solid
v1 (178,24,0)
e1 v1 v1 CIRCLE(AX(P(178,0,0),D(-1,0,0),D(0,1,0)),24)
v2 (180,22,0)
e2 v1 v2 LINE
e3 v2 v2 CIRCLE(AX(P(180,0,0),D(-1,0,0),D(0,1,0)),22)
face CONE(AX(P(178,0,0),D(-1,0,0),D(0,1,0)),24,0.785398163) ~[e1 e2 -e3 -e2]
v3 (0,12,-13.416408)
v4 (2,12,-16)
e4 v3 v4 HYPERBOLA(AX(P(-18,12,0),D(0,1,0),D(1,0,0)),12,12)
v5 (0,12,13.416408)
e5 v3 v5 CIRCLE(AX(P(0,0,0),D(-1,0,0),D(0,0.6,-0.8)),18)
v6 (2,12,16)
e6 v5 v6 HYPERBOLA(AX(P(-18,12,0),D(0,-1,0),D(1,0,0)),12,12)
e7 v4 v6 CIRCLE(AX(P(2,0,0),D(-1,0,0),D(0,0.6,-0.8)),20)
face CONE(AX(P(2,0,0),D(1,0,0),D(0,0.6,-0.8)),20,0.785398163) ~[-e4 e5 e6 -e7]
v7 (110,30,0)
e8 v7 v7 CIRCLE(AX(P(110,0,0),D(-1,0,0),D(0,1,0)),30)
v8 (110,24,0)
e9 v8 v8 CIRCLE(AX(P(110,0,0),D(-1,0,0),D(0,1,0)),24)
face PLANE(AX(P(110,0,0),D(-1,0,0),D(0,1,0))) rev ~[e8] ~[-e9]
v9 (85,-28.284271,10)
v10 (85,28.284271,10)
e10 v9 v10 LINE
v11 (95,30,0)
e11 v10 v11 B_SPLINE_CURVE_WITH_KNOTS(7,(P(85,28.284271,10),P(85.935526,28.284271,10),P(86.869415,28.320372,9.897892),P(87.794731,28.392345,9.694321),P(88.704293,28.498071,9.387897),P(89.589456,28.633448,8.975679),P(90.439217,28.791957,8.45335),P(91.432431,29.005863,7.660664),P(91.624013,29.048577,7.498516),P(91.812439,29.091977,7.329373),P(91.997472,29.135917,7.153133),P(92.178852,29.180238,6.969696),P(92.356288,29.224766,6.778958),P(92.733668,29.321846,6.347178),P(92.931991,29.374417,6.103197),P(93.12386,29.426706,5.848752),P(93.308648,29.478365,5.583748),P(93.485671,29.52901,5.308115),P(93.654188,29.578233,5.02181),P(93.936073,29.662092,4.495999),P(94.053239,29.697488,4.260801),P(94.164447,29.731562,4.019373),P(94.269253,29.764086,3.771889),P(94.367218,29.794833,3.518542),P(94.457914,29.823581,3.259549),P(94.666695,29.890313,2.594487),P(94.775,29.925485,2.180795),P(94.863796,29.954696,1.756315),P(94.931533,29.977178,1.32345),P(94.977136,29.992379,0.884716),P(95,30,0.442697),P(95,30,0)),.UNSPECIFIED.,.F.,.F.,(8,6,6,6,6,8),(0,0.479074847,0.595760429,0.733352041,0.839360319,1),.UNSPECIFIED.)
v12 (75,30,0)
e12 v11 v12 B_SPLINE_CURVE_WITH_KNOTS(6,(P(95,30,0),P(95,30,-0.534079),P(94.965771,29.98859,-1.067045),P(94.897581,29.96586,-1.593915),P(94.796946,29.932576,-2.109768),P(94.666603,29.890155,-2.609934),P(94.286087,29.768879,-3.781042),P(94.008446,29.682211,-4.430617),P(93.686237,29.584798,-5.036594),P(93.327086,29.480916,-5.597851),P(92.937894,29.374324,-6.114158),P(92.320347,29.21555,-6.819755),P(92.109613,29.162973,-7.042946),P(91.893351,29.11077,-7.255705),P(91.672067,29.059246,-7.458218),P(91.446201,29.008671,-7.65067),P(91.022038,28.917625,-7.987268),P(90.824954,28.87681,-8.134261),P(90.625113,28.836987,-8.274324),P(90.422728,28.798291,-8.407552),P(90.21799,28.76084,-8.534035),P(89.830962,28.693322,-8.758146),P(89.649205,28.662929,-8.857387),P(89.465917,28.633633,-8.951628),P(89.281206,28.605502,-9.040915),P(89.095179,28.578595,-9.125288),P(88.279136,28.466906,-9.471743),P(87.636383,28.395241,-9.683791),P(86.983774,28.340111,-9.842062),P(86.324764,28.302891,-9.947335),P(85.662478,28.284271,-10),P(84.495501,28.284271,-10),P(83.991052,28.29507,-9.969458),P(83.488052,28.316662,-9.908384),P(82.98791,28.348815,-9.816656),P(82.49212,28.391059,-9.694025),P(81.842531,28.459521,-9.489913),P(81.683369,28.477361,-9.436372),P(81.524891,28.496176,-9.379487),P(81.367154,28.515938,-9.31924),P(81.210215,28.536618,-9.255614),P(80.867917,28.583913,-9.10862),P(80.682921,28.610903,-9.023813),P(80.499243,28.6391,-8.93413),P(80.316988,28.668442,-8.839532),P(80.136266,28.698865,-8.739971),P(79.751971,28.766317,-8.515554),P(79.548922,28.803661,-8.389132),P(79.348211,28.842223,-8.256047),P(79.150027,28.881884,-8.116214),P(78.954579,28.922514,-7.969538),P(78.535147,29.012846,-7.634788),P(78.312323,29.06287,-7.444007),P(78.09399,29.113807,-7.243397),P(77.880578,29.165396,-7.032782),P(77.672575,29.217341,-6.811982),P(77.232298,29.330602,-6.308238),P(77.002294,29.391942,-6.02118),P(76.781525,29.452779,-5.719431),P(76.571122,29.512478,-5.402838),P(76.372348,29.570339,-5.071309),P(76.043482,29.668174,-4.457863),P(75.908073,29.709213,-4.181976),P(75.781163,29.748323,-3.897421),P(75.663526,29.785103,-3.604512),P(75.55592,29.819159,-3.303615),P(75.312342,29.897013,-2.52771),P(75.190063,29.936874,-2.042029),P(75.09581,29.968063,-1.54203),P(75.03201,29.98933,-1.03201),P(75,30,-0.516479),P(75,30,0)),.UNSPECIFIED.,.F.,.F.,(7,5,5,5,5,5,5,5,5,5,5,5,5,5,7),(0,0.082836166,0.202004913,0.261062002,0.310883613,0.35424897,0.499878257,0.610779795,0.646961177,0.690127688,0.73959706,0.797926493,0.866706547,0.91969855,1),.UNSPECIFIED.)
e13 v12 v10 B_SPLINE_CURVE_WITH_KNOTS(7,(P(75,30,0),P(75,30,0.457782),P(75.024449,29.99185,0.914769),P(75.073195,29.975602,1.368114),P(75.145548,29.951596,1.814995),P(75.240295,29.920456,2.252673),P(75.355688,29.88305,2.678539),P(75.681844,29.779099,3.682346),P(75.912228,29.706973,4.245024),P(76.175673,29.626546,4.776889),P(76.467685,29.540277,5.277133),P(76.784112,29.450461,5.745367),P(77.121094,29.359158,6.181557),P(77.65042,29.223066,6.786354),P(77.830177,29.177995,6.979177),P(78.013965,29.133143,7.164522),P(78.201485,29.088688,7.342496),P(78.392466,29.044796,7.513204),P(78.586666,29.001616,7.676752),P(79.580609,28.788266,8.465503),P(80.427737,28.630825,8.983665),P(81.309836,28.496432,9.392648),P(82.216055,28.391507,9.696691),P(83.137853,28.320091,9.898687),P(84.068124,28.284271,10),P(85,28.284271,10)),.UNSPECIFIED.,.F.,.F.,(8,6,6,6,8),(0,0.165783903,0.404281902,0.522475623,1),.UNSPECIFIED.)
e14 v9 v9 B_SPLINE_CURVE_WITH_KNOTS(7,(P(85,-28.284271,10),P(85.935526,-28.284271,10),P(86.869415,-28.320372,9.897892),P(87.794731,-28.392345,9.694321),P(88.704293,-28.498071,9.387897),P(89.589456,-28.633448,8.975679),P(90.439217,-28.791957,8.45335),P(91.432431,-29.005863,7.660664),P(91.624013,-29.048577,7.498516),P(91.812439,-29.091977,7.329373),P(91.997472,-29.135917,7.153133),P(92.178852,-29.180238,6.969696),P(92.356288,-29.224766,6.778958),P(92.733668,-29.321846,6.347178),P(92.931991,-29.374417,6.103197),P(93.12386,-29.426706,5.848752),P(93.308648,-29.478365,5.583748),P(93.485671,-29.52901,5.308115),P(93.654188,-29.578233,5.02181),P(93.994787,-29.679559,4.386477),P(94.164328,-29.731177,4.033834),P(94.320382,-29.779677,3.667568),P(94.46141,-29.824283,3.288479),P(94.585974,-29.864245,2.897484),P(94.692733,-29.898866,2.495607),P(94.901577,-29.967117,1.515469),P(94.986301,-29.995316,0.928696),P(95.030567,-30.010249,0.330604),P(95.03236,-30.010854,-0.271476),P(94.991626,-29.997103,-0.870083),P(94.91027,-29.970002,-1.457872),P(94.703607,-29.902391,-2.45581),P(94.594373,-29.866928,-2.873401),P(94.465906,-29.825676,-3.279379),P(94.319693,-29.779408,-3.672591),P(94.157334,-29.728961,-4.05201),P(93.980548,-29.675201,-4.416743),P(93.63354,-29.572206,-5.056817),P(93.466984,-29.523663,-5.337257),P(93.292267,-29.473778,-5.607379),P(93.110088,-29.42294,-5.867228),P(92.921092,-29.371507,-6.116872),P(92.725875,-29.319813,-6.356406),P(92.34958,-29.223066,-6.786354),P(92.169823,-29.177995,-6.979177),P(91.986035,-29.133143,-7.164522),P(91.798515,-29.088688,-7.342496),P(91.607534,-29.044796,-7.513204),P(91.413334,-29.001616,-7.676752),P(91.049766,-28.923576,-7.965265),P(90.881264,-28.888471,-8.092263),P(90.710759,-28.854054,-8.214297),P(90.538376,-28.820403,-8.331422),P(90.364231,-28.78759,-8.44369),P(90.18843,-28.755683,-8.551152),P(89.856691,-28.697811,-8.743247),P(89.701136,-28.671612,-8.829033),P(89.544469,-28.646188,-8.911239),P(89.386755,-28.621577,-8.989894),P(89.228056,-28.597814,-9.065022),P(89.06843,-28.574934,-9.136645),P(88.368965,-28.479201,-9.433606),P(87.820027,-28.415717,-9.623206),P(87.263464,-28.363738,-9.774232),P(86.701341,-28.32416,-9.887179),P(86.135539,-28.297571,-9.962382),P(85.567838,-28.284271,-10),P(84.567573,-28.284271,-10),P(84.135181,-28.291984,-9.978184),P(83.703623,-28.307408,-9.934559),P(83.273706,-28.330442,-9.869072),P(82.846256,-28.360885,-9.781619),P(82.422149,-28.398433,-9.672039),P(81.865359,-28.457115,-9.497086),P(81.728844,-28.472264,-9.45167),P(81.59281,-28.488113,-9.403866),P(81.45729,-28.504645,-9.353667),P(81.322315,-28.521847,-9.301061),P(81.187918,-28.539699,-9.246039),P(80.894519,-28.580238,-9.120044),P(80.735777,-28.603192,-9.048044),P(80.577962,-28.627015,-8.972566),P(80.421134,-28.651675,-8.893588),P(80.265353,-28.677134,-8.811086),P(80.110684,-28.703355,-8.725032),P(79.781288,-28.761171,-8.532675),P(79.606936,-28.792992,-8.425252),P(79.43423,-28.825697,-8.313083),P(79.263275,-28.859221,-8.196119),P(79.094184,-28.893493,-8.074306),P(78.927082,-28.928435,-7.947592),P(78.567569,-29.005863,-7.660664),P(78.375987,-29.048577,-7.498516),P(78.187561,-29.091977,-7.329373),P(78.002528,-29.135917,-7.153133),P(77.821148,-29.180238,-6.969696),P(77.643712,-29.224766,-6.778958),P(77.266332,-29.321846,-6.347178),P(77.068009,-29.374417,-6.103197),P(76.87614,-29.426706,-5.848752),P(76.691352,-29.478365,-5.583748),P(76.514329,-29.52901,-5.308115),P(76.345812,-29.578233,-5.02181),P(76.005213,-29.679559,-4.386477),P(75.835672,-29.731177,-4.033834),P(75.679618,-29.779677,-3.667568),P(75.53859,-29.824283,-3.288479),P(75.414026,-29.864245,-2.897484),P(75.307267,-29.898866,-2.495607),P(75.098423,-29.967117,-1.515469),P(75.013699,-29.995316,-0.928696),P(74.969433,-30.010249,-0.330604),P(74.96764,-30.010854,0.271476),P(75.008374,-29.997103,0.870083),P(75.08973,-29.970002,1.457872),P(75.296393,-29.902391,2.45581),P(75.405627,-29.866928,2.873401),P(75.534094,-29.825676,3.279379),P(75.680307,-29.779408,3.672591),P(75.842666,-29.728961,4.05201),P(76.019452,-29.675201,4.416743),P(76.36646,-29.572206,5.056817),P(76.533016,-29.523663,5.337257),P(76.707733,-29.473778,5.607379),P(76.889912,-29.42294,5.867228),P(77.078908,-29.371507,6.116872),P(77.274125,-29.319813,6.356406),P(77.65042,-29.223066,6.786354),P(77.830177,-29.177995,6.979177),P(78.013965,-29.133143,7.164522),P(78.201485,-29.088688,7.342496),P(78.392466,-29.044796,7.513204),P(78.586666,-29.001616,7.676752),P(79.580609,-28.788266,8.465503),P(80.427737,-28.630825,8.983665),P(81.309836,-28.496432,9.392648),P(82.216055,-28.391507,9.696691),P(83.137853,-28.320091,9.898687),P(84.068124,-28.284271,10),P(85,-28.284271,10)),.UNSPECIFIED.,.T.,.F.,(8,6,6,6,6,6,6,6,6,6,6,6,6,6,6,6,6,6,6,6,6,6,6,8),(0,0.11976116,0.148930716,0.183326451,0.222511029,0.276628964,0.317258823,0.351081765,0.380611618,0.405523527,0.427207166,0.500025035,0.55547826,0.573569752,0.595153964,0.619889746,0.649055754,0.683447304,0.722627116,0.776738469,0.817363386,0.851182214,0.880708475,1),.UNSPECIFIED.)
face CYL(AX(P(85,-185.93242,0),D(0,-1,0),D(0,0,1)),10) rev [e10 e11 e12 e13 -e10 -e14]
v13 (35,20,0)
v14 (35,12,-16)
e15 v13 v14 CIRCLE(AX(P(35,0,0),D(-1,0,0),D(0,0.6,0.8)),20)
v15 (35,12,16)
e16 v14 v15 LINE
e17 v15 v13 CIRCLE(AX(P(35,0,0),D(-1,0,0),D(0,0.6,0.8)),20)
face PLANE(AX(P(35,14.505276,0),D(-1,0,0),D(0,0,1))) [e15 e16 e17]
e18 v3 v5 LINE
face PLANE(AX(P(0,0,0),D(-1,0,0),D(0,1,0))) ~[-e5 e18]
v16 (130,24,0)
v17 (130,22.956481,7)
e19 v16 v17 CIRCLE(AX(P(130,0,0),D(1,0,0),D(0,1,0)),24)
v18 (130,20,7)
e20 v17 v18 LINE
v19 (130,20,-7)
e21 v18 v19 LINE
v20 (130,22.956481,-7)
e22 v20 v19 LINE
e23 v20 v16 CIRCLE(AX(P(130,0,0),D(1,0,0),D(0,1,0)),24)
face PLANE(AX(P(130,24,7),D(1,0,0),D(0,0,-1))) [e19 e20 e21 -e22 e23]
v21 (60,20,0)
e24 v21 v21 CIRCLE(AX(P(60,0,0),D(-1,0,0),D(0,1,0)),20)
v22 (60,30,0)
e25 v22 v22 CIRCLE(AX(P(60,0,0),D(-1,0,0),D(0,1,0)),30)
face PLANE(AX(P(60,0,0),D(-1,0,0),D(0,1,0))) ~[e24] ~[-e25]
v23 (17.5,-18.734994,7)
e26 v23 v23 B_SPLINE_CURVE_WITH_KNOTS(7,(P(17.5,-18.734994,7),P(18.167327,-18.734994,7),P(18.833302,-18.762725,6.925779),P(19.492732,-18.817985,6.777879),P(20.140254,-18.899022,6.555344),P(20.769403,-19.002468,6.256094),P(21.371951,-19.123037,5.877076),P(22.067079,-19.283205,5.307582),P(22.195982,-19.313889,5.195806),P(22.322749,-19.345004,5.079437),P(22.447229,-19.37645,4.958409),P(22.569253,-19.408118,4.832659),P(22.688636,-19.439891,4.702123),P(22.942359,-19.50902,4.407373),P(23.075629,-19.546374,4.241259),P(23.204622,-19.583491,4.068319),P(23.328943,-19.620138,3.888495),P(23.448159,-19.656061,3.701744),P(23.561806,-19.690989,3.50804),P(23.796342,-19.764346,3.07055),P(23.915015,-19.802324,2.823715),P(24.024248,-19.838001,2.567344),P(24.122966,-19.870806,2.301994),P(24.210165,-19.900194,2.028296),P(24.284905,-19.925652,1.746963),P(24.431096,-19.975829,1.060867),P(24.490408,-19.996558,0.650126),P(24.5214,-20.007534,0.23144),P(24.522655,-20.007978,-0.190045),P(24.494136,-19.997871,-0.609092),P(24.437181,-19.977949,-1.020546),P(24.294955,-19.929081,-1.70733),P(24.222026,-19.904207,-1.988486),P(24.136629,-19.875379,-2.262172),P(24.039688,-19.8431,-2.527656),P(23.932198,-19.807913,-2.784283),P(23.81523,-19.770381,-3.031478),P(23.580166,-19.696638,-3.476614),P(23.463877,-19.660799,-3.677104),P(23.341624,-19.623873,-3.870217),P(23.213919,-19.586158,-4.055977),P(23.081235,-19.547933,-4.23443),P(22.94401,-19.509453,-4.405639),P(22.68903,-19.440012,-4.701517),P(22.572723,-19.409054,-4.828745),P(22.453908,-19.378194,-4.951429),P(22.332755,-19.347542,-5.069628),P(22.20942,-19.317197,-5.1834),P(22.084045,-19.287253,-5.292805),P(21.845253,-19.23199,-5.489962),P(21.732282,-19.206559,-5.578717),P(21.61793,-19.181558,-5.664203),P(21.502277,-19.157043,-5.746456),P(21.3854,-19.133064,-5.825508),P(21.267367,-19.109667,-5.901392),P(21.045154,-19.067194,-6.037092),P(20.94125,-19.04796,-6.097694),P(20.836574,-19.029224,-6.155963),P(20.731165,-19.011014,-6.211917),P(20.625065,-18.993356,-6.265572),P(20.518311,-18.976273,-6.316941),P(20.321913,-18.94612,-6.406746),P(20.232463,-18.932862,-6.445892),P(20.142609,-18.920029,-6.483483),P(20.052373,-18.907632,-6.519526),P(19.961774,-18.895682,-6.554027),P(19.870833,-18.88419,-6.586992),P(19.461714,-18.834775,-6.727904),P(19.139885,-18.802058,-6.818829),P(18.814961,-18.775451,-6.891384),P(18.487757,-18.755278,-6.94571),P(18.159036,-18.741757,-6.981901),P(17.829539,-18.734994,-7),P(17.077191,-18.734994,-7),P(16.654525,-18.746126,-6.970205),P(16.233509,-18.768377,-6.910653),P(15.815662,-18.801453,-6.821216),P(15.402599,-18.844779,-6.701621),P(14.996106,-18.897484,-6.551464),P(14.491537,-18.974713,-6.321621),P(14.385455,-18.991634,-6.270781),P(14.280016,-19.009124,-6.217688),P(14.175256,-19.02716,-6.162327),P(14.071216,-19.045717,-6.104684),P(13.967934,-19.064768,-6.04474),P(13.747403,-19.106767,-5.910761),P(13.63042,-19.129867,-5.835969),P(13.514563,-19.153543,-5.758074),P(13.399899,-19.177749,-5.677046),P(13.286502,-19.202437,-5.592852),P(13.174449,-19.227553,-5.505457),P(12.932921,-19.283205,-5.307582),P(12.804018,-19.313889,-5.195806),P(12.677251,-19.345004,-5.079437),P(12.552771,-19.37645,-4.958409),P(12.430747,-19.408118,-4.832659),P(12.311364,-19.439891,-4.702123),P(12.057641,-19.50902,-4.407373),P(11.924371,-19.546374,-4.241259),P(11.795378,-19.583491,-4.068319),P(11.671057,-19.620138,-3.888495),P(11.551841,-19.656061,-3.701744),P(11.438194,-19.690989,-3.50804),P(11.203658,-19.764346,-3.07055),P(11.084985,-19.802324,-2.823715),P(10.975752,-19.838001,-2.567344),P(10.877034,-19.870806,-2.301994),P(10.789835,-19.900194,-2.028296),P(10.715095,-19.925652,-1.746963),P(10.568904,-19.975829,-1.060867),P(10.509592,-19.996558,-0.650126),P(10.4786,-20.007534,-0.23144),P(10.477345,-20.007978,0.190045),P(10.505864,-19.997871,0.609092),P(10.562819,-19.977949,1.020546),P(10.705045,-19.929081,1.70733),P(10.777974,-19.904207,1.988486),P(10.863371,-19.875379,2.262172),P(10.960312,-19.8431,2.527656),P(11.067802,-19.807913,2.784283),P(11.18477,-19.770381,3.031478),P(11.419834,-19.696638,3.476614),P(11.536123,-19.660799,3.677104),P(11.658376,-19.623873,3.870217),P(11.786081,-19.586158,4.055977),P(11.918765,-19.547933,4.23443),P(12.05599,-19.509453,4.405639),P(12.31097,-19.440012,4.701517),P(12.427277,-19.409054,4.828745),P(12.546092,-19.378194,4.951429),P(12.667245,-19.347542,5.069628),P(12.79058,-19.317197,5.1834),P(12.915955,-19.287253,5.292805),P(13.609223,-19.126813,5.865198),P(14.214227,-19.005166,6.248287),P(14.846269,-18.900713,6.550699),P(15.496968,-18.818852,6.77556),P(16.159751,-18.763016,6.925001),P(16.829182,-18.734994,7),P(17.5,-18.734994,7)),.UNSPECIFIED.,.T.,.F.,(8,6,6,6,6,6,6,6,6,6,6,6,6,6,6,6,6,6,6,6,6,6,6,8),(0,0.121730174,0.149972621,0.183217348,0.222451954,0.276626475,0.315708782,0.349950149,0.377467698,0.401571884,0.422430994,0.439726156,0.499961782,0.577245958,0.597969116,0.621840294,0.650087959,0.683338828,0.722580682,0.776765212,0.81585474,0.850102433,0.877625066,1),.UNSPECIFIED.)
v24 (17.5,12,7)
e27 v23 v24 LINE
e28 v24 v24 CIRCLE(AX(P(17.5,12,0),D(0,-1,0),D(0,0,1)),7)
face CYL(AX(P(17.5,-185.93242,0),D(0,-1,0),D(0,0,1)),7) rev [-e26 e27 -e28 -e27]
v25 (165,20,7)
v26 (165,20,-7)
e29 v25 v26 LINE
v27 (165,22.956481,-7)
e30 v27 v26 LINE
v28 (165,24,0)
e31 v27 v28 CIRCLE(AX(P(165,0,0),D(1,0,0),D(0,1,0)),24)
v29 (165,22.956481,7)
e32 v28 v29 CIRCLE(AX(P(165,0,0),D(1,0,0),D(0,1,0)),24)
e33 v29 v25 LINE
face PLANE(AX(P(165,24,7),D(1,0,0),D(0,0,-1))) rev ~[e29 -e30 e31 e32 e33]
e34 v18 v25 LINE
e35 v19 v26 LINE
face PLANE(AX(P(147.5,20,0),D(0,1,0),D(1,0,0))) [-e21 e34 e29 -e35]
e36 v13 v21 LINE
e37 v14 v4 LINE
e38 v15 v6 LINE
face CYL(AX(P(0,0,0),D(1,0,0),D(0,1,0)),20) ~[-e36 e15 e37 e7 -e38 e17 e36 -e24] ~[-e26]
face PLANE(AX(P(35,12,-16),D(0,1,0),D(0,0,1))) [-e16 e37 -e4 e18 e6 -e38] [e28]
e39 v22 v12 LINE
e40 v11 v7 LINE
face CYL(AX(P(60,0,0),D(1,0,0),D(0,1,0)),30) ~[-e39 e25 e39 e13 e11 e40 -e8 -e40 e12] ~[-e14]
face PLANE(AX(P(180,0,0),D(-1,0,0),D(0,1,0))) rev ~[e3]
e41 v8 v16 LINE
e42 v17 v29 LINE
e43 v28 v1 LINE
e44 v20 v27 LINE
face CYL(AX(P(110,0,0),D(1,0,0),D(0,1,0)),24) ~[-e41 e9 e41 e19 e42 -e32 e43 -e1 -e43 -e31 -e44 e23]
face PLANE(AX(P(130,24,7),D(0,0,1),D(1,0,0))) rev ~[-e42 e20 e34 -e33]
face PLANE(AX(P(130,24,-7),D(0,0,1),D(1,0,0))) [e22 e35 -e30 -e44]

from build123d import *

# Parameters (mm, degrees)
CUT_EXTRUDE_START        = -35
CUT_EXTRUDE_1_DEPTH      = 35
CUT_EXTRUDE_2_DEPTH      = 185.932420089
CUT_EXTRUDE_2_DEPTH_BACK = 185.932420089
SKETCH_4_R               = 7
SKETCH_4_R_2             = 10
SKETCH_5_W               = 35
SKETCH_5_H               = 14
CUT_EXTRUDE_3_DEPTH      = 4
CHAMFER_1_SIZE           = 2


with BuildPart() as part:
    # Эскиз2 → Повернуть1 (revolve)
    with BuildSketch(Plane.XY):
        Polygon((0, 0), (0, 20), (60, 20), (60, 30), (110, 30), (110, 24), (180, 24), (180, 0), align=None)
    revolve(axis=Axis((180, 0, 0), (-1, 0, 0)))

    # Эскиз3 → Вырез-Вытянуть1 (cut)
    with BuildSketch(Plane.ZY.offset(CUT_EXTRUDE_START)):
        with BuildLine():
            Line((-16, 12), (16, 12))
            ThreePointArc((16, 12), (0, 20), (-16, 12))
        make_face()
    extrude(amount=CUT_EXTRUDE_1_DEPTH, mode=Mode.SUBTRACT)

    # Эскиз4 → Вырез-Вытянуть2 (cut, two sides: drawn at the far end of the back side and taken through both)
    with BuildSketch(Plane(origin=(0, 0, 0), x_dir=(1, 0, 0), z_dir=(0, 1, 0)).offset(-CUT_EXTRUDE_2_DEPTH_BACK)):
        with Locations(Location((17.5, 0, 0), (0, 0, 270))):
            Circle(SKETCH_4_R)
        with Locations(Location((85, 0, 0), (0, 0, 270))):
            Circle(SKETCH_4_R_2)
    extrude(amount=CUT_EXTRUDE_2_DEPTH + CUT_EXTRUDE_2_DEPTH_BACK, mode=Mode.SUBTRACT)

    # Эскиз5 → Вырез-Вытянуть3 (cut)
    with BuildSketch(Plane(origin=(0, 24, 0), x_dir=(1, 0, 0), z_dir=(0, 1, 0))):
        with Locations((147.5, 0)):
            Rectangle(SKETCH_5_W, SKETCH_5_H)
    extrude(amount=-CUT_EXTRUDE_3_DEPTH, mode=Mode.SUBTRACT)

    # Фаска1
    chamfer_1_edges = [part.edges().sort_by_distance(p)[0] for p in [
        (180, -24, 0),
        (0, -20, 0),
    ]]
    chamfer(chamfer_1_edges, length=CHAMFER_1_SIZE)


solid = part.part
